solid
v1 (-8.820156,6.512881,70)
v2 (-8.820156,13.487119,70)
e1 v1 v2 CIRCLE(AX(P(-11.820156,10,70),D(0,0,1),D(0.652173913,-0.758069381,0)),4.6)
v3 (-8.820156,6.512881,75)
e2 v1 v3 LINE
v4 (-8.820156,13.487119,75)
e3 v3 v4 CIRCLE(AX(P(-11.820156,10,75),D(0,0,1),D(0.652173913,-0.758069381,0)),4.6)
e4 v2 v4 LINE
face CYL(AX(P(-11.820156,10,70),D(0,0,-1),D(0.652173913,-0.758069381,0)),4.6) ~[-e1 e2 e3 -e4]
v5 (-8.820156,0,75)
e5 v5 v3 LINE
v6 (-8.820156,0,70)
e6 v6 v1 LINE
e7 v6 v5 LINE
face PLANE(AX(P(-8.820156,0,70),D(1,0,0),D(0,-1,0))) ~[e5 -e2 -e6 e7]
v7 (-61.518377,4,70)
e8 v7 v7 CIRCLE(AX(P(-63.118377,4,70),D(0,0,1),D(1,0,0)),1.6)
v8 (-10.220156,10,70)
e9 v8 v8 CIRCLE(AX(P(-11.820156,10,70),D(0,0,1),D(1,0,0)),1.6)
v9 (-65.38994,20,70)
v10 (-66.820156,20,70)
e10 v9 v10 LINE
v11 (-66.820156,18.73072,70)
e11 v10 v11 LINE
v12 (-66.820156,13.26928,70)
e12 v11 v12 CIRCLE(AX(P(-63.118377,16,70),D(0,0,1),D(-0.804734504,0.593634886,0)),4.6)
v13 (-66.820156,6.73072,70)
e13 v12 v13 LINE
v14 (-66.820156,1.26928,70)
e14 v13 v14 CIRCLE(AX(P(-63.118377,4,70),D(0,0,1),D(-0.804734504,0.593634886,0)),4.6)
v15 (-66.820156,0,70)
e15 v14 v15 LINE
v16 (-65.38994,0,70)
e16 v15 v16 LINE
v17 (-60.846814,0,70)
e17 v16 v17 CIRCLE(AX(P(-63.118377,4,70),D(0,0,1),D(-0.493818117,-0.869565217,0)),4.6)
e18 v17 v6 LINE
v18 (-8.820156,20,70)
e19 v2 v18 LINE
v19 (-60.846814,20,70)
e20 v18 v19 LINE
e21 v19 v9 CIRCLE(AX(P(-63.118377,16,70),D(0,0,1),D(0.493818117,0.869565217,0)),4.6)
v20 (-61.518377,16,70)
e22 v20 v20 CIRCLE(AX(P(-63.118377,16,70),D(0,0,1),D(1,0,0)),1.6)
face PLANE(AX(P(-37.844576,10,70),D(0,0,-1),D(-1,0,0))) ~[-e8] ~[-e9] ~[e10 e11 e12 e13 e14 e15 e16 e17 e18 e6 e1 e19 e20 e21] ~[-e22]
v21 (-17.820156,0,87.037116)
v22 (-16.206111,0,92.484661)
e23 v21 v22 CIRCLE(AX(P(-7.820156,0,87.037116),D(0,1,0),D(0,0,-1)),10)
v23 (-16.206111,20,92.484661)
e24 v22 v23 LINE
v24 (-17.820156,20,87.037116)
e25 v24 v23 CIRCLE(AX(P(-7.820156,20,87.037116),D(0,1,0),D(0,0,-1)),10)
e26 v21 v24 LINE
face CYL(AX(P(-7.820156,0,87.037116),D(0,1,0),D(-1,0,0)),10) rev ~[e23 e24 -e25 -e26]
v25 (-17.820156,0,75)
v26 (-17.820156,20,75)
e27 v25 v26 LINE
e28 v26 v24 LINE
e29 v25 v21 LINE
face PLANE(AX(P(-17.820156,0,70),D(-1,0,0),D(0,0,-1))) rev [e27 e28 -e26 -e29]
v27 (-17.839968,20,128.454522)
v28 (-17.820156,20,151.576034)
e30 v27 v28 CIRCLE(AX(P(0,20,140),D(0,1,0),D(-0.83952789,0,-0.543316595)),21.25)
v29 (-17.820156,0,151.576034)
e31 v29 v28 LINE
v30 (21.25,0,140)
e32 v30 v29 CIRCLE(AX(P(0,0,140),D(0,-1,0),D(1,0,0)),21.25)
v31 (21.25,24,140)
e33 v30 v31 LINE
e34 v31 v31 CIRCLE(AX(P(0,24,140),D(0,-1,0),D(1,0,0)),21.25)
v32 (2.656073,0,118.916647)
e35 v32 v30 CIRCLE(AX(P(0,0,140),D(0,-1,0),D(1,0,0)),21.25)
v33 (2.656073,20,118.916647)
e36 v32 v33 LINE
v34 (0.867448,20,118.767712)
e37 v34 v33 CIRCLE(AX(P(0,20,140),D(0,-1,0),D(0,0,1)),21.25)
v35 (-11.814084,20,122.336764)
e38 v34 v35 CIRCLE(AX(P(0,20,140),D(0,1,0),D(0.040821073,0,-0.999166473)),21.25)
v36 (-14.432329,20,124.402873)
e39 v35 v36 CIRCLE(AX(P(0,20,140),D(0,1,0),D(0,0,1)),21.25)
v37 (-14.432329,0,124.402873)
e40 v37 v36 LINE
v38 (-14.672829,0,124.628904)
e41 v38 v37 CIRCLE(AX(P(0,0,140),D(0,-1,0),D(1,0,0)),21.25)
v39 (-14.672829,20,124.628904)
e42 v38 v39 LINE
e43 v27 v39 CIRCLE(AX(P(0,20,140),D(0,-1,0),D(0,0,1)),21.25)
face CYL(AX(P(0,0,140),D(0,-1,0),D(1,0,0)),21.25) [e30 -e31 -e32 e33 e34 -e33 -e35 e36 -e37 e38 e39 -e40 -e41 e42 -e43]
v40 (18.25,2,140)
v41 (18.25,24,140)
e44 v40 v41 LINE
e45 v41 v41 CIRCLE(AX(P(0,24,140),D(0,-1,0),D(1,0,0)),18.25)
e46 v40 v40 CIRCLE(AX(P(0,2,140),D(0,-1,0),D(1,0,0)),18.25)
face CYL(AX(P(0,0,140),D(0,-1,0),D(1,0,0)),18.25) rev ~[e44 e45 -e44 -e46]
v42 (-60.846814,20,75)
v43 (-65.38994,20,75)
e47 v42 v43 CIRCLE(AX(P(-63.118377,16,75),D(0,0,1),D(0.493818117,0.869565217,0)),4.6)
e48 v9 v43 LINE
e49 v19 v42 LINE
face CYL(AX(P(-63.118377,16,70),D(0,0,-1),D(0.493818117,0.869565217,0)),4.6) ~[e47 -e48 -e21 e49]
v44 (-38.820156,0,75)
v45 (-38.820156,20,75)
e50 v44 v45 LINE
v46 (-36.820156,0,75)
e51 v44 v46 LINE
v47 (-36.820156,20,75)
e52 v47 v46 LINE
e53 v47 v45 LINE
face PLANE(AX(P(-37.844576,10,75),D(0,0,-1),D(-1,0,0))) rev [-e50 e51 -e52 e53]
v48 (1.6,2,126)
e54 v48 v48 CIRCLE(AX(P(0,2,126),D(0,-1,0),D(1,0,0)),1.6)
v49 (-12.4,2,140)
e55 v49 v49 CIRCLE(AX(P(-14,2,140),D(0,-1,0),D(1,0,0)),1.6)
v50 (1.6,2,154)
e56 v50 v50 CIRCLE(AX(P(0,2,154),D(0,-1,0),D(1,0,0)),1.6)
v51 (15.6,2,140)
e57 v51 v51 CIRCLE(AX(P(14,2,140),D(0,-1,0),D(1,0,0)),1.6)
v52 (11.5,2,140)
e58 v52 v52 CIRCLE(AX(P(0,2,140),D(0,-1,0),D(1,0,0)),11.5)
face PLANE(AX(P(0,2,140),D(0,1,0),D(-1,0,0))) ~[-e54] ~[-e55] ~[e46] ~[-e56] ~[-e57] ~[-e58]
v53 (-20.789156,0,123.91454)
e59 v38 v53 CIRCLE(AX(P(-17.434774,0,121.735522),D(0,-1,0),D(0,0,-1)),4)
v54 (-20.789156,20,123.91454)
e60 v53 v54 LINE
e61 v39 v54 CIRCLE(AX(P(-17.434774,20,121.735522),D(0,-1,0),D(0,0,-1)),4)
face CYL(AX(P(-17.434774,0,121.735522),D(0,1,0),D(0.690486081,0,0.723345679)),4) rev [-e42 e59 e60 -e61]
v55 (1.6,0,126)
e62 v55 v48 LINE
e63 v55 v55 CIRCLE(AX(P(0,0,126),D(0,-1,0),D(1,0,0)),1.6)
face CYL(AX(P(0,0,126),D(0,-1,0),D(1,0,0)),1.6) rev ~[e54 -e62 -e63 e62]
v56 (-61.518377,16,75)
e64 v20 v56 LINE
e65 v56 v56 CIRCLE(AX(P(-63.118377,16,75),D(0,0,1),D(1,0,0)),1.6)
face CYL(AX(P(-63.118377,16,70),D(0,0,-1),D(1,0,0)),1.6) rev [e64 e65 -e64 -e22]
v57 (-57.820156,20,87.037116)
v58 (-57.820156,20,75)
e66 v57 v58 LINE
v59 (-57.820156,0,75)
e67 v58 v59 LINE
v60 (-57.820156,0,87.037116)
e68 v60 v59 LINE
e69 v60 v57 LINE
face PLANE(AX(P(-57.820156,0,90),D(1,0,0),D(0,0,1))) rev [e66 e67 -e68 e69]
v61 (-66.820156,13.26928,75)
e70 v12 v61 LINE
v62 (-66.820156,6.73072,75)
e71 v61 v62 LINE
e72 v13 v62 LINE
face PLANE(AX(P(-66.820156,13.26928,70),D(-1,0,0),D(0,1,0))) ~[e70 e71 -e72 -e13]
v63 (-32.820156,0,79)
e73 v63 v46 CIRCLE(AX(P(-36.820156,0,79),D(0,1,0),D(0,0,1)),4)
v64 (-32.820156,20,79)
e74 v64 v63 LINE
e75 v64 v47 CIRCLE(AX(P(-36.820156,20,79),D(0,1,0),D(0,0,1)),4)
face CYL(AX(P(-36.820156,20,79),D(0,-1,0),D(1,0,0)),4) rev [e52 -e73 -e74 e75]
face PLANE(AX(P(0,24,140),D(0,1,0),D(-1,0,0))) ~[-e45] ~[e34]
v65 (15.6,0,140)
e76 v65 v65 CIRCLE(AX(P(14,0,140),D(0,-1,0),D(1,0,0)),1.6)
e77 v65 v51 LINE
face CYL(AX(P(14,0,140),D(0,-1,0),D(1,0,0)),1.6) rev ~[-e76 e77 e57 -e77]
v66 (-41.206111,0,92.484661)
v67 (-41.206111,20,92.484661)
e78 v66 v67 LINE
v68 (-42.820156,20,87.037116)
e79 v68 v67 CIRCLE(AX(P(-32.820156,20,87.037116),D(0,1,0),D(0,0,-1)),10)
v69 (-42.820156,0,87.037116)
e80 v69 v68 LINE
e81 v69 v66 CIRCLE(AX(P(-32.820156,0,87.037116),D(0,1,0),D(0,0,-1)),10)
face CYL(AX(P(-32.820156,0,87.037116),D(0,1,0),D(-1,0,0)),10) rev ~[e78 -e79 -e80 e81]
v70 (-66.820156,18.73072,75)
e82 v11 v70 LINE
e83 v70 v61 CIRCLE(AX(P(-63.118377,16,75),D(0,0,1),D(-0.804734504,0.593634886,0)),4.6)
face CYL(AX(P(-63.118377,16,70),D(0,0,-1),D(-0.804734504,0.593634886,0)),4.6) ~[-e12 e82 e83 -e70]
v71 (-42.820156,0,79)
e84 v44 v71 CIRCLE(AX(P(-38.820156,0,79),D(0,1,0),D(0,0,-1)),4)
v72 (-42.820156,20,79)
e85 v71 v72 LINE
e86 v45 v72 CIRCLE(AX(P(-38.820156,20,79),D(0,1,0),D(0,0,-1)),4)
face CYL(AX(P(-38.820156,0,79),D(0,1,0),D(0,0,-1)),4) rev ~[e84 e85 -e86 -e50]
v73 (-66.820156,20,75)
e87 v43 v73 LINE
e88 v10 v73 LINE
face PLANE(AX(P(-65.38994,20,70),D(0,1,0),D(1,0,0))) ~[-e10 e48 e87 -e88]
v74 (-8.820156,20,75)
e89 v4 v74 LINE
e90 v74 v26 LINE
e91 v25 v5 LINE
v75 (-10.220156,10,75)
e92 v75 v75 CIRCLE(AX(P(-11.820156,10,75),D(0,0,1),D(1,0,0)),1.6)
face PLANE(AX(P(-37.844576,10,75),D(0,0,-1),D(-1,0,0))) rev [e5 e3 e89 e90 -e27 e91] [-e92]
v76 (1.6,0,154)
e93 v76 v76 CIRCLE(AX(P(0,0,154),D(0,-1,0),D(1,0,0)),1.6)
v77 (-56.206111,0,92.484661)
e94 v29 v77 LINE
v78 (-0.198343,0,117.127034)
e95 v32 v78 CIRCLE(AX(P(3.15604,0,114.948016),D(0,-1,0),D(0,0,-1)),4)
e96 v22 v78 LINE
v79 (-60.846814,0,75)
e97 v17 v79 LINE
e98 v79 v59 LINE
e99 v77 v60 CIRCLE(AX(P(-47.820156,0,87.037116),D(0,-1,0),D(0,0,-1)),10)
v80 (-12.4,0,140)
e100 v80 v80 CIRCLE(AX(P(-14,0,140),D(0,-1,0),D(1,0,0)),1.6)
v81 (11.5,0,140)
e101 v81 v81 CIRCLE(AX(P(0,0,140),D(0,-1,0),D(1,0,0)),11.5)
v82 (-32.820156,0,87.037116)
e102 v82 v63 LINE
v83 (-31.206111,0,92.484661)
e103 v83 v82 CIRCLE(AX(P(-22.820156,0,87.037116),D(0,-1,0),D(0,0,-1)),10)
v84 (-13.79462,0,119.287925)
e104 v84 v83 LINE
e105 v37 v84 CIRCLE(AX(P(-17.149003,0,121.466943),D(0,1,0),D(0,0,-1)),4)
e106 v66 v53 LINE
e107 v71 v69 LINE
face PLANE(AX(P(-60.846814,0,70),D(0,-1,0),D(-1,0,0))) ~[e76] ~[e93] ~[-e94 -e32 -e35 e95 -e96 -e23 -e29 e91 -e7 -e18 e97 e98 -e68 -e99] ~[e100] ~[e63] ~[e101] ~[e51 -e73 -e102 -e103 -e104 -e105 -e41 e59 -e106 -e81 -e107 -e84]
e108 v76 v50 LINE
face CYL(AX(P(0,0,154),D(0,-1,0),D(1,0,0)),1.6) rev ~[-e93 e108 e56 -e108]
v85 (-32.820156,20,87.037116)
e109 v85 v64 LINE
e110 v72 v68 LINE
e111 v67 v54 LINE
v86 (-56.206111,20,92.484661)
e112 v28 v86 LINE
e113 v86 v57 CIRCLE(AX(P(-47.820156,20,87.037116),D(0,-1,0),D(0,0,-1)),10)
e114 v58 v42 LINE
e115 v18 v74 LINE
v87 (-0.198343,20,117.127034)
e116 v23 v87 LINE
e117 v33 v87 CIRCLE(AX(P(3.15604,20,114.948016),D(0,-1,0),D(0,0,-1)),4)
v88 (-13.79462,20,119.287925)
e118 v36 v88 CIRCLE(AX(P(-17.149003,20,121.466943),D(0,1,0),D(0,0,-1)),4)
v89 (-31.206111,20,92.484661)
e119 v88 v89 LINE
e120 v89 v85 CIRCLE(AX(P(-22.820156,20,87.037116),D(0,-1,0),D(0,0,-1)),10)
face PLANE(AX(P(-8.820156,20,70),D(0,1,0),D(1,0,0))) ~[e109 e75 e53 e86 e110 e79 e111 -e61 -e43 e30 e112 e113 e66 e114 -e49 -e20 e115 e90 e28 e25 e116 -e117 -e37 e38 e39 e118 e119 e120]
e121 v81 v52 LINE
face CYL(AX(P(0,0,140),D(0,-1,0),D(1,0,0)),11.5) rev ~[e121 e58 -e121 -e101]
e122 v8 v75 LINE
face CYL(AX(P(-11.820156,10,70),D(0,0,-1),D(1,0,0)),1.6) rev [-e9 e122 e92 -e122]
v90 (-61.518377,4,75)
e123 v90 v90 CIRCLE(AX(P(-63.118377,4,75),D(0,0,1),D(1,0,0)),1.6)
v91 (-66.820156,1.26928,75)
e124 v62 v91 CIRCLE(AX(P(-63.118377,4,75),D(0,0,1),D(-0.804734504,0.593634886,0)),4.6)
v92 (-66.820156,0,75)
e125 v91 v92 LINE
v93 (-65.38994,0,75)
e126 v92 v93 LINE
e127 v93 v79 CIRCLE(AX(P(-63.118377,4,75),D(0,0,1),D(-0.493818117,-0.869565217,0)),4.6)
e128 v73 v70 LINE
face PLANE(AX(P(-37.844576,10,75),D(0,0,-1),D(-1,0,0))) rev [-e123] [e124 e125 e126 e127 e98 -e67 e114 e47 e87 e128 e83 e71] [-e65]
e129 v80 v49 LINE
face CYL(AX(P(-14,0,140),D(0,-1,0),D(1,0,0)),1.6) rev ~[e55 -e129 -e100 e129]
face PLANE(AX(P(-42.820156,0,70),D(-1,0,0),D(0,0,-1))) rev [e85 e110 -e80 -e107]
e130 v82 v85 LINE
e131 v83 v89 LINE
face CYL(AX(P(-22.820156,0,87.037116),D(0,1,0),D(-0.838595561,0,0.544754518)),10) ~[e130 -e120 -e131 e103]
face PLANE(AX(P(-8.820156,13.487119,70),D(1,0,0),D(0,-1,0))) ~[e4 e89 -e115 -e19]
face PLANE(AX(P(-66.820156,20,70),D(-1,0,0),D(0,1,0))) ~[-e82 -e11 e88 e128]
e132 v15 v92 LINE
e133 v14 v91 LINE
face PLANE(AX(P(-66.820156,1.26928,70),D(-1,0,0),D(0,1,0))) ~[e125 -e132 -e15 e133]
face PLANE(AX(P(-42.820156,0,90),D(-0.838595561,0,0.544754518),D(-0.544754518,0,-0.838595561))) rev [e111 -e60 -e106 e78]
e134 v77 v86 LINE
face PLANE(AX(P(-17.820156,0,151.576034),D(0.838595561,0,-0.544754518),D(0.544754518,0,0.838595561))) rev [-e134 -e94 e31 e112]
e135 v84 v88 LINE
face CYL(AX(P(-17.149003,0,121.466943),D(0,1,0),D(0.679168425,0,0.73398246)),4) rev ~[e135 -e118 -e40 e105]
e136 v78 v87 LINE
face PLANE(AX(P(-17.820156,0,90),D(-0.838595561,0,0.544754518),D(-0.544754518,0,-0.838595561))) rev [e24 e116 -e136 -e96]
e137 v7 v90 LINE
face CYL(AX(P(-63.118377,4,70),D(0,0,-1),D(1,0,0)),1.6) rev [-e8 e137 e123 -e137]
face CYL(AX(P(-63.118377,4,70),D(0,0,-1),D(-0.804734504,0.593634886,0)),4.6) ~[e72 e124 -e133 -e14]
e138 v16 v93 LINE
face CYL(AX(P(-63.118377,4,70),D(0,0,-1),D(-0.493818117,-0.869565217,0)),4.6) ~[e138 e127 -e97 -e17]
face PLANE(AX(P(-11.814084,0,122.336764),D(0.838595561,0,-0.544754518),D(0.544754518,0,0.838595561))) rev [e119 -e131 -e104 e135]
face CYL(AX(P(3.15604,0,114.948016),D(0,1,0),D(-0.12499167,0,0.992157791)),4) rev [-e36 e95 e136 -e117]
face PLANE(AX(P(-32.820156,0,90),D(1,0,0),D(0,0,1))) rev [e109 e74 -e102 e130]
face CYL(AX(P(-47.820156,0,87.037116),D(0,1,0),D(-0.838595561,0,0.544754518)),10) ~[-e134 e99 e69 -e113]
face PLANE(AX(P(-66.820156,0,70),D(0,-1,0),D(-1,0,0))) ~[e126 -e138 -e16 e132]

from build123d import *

# Parameters (mm, degrees)
SKETCH1_R           = 18.25
SKETCH1_R_2         = 1.6
SKETCH1_R_3         = 11.5
BOSS_EXTRUDE1_DEPTH = 2
SKETCH1_3_R         = 21.25
SKETCH1_3_R_2       = 18.25
BOSS_EXTRUDE2_DEPTH = 24
BOSS_EXTRUDE3_DEPTH = 20
SKETCH3_R           = 1.6
BOSS_EXTRUDE4_DEPTH = 5
FILLET3_R           = 10
FILLET4_R           = 4


with BuildPart() as part:
    # Sketch1 → Boss-Extrude1 (new body)
    with BuildSketch(Plane(origin=(0, 0, 0), x_dir=(1, 0, 0), z_dir=(0, 1, 0))):
        Circle(SKETCH1_R)
        with Locations((-14, 0)):
            Circle(SKETCH1_R_2, mode=Mode.SUBTRACT)
        with Locations((0, -14)):
            Circle(SKETCH1_R_2, mode=Mode.SUBTRACT)
        with Locations((14, 0)):
            Circle(SKETCH1_R_2, mode=Mode.SUBTRACT)
        with Locations((0, 14)):
            Circle(SKETCH1_R_2, mode=Mode.SUBTRACT)
        Circle(SKETCH1_R_3, mode=Mode.SUBTRACT)
    extrude(amount=BOSS_EXTRUDE1_DEPTH)

    # Sketch1<3> → Boss-Extrude2 (add)
    with BuildSketch(Plane(origin=(0, 0, 0), x_dir=(1, 0, 0), z_dir=(0, 1, 0))):
        Circle(SKETCH1_3_R)
        Circle(SKETCH1_3_R_2, mode=Mode.SUBTRACT)
    extrude(amount=BOSS_EXTRUDE2_DEPTH)

    # Sketch2 → Boss-Extrude3 (add)
    with BuildSketch(Plane(origin=(0, 0, 0), x_dir=(1, 0, 0), z_dir=(0, 1, 0))):
        with BuildLine():
            ThreePointArc((-17.839967658, -11.545477642), (-21.249992199, 0.018208346), (-17.820155675, 11.576033506))
            Line((-17.820155675, 11.576033506), (-57.820155675, -50))
            Line((-57.820155675, -50), (-57.820155675, -70))
            Line((-57.820155675, -70), (-42.820155675, -70))
            Line((-42.820155675, -70), (-42.820155675, -50))
            Line((-42.820155675, -50), (-17.839967658, -11.545477642))
        make_face()
        with BuildLine():
            Line((-17.820155675, -50), (0.867447809, -21.232287543))
            ThreePointArc((0.867447809, -21.232287543), (-5.756886716, -20.45533562), (-11.81408432, -17.663236161))
            Line((-11.81408432, -17.663236161), (-32.820155675, -50))
            Line((-32.820155675, -50), (-32.820155675, -70))
            Line((-32.820155675, -70), (-17.820155675, -70))
            Line((-17.820155675, -70), (-17.820155675, -50))
        make_face()
    extrude(amount=BOSS_EXTRUDE3_DEPTH)

    # Sketch3 → Boss-Extrude4 (add)
    with BuildSketch(Plane.XY.offset(70)):
        with BuildLine():
            Line((-65.389940295, 20), (-66.820155675, 20))
            Line((-66.820155675, 20), (-66.820155675, 18.730720476))
            ThreePointArc((-66.820155675, 18.730720476), (-67.718376956, 16), (-66.820155675, 13.269279524))
            Line((-66.820155675, 13.269279524), (-66.820155675, 6.730720476))
            ThreePointArc((-66.820155675, 6.730720476), (-67.718376956, 4), (-66.820155675, 1.269279524))
            Line((-66.820155675, 1.269279524), (-66.820155675, 0))
            Line((-66.820155675, 0), (-65.389940295, 0))
            ThreePointArc((-65.389940295, 0), (-63.118376956, -0.6), (-60.846813618, 0))
            Line((-60.846813618, 0), (-8.820155675, 0))
            Line((-8.820155675, 0), (-8.820155675, 6.512880845))
            ThreePointArc((-8.820155675, 6.512880845), (-7.220155675, 10), (-8.820155675, 13.487119155))
            Line((-8.820155675, 13.487119155), (-8.820155675, 20))
            Line((-8.820155675, 20), (-60.846813618, 20))
            ThreePointArc((-60.846813618, 20), (-63.118376956, 20.6), (-65.389940295, 20))
        make_face()
        with Locations((-63.118376956, 16)):
            Circle(SKETCH3_R, mode=Mode.SUBTRACT)
        with Locations((-63.118376956, 4)):
            Circle(SKETCH3_R, mode=Mode.SUBTRACT)
        with Locations((-11.820155675, 10)):
            Circle(SKETCH3_R, mode=Mode.SUBTRACT)
    extrude(amount=-BOSS_EXTRUDE4_DEPTH)

    # Fillet3
    fillet3_edges = [part.edges().sort_by_distance(p)[0] for p in [
        (-57.820155675, 10, 50),
        (-42.820155675, 10, 50),
        (-32.820155675, 10, 50),
        (-17.820155675, 10, 50),
    ]]
    fillet(fillet3_edges, radius=FILLET3_R)

    # Fillet4
    fillet4_edges = [part.edges().sort_by_distance(p)[0] for p in [
        (-17.839967658, 10, 11.545477642),
        (0.867447809, 10, 21.232287543),
        (-11.81408432, 10, 17.663236161),
        (-42.820155675, 10, 65),
        (-32.820155675, 10, 65),
    ]]
    fillet(fillet4_edges, radius=FILLET4_R)


with BuildPart() as body_2:
    # Mirror1: mirrored copy
    add(part.part.mirror(Plane(origin=(0, 20, 70), x_dir=(1, 0, 0), z_dir=(0, 0, -1))))


solid = body_2.part
